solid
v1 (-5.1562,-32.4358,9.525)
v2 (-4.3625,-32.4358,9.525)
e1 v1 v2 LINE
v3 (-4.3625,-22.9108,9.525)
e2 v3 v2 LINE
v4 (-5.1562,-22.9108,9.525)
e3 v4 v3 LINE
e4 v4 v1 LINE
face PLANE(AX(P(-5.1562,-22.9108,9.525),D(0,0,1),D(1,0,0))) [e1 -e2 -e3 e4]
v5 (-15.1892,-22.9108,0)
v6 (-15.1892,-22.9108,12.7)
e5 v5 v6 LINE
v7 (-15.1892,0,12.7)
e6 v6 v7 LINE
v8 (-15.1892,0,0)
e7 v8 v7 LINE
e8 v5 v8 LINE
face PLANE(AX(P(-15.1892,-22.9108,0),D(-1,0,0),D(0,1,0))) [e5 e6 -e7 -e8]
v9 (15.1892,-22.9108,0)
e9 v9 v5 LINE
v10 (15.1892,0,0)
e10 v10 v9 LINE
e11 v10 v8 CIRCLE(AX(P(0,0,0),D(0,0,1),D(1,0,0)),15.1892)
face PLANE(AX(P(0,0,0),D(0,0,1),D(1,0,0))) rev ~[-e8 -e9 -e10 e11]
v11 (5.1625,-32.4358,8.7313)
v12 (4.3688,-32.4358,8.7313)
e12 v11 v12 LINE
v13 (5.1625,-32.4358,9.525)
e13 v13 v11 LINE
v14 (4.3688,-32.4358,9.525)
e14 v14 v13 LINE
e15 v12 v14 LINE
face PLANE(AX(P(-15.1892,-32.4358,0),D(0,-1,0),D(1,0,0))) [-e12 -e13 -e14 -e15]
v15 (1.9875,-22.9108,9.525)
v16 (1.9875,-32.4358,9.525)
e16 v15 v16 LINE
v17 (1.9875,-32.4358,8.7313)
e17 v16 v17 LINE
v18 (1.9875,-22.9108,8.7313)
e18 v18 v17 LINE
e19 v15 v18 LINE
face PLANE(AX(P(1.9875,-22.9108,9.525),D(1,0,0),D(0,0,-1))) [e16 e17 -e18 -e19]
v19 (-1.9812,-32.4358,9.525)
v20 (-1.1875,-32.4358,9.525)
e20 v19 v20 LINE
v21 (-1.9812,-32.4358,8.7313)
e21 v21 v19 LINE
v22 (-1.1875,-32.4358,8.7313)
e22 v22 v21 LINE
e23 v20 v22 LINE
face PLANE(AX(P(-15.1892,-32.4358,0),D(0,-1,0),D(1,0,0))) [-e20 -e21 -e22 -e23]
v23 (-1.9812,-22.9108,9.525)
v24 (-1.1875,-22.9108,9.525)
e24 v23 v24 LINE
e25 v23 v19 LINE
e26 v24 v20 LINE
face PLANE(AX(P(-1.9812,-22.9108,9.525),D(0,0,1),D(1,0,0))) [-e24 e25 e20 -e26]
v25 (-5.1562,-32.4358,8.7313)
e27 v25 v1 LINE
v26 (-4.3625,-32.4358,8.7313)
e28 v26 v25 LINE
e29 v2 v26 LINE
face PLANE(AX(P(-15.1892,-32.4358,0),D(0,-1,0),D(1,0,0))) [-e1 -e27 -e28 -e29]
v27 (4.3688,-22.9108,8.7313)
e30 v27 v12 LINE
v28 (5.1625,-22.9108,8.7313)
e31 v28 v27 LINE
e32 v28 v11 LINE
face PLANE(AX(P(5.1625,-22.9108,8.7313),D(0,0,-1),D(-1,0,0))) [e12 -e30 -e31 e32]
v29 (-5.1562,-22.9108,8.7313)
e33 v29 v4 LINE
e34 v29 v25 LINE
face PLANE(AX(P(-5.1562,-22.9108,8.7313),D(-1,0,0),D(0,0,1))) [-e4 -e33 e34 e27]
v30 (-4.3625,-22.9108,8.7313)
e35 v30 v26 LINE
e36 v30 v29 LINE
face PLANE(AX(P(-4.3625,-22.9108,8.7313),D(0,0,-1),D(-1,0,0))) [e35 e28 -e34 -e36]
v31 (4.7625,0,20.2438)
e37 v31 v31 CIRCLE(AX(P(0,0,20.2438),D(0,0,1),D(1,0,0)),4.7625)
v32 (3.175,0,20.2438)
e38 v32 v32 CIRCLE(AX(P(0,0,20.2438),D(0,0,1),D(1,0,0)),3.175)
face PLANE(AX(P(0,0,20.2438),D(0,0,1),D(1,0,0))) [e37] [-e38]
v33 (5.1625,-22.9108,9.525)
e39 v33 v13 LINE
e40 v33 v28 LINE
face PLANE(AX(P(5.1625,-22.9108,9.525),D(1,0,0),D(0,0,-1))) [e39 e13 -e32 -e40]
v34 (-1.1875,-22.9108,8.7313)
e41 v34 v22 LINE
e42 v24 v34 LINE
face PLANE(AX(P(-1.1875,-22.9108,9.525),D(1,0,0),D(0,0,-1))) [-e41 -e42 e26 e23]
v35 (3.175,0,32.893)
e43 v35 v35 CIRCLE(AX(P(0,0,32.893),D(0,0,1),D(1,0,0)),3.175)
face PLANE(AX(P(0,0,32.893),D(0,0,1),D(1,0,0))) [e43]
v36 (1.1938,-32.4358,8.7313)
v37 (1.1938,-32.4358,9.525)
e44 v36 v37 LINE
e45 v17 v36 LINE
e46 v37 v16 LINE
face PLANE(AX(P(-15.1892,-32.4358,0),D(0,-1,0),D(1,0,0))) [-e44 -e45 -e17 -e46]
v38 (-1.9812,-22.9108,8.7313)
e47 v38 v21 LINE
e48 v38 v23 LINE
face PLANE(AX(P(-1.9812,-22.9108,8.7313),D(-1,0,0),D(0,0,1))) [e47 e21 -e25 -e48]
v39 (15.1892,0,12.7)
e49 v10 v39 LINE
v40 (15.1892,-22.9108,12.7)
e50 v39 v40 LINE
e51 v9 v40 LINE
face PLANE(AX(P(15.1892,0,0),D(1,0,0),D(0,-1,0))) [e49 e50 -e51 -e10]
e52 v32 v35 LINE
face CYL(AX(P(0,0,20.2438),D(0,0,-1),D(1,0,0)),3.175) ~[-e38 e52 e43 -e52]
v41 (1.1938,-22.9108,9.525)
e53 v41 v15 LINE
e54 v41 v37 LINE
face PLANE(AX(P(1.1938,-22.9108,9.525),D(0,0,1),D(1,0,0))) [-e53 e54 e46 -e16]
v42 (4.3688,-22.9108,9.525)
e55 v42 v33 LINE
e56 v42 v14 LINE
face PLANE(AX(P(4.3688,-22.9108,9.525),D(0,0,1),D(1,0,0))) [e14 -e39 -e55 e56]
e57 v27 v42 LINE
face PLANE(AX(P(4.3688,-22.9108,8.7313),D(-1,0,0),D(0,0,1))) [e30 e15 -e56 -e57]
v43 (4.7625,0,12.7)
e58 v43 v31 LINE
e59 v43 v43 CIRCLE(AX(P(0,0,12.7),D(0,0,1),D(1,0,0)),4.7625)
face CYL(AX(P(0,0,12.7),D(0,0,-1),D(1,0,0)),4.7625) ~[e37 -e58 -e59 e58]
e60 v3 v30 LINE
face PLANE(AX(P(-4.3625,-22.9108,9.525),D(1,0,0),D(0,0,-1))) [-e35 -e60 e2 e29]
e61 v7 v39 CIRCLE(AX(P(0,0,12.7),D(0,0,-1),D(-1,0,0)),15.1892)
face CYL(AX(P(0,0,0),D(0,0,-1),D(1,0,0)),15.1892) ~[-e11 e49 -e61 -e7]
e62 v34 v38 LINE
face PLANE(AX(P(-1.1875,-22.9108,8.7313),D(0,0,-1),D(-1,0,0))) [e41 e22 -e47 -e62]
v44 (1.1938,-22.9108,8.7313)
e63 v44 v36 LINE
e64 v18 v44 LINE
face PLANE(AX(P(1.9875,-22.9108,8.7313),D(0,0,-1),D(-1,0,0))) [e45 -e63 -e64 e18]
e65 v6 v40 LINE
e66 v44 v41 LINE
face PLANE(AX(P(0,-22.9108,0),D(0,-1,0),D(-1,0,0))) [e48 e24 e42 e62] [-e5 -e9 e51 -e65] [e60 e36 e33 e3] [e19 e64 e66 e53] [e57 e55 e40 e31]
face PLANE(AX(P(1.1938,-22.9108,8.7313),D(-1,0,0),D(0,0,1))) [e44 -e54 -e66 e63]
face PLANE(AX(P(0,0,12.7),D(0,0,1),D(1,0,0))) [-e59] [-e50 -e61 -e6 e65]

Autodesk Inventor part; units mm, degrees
ref_plane "YZ Plane" through (0, 0, 0) normal (1, 0, 0) x (0, 1, 0)
ref_plane "XZ Plane" through (0, 0, 0) normal (0, 1, 0) x (-1, 0, 0)
ref_plane "XY Plane" through (0, 0, 0) normal (0, 0, 1) x (1, 0, 0)
sketch "Sketch1" plane through (0, 0, 0) normal (0, 0, 1) x (1, 0, 0)
  line L0 (-21.2649, 0) -> (21.2649, 0) projected
  line L1 (0, -30.5308) -> (0, 22.8092) projected
  arc A0 (15.1892, 0) -> (-15.1892, 0) centre (0, 0) ccw
  line L2 (-15.1892, 0) -> (15.1892, 0)
  line L3 (15.1892, 0) -> (15.1892, -22.9108)
  line L4 (15.1892, -22.9108) -> (-15.1892, -22.9108)
  line L5 (-15.1892, -22.9108) -> (-15.1892, 0)
  dimension "d0" = 30.3784
  dimension "d1" = 38.1
extrude "Extrusion1" add sketch "Sketch1" along normal blind 12.7
sketch "Sketch2" plane through (0, 0, 12.7) normal (0, 0, 1) x (1, 0, 0)
  arc A0 (15.1892, 0) -> (-15.1892, 0) centre (0, 0) ccw projected
  circle A1 centre (0, 0) radius 4.7625
  dimension "d4" = 9.525
extrude "Extrusion2" add sketch "Sketch2" along normal blind 7.5438
sketch "Sketch3" plane through (0, 0, 20.2438) normal (0, 0, 1) x (1, 0, 0)
  circle A0 centre (0, 0) radius 4.7625 projected
  circle A1 centre (0, 0) radius 3.175
  dimension "d7" = 6.35
extrude "Extrusion3" add sketch "Sketch3" along normal blind 12.6492 contours A1
thread "Thread1" size "3/8-16 UNC" class "2A" standard "ANSI Unified Screw Threads" full length
sketch "Sketch4" plane through (-15.1892, -22.9108, 0) normal (0, -1, 0) x (1, 0, 0)
  line L0 (30.3784, 12.7) -> (0, 12.7) projected
  line L1 (0, 0) -> (0, 12.7) projected
  line L2 (10.033, 9.525) -> (10.8267, 9.525)
  line L3 (10.8267, 9.525) -> (10.8267, 8.7313)
  line L4 (10.8267, 8.7313) -> (10.033, 8.7313)
  line L5 (10.033, 8.7313) -> (10.033, 9.525)
  line L6 (13.208, 9.525) -> (14.0017, 9.525)
  line L7 (14.0017, 9.525) -> (14.0017, 8.7313)
  line L8 (14.0017, 8.7313) -> (13.208, 8.7313)
  line L9 (13.208, 8.7313) -> (13.208, 9.525)
  line L10 (16.383, 9.525) -> (17.1767, 9.525)
  line L11 (17.1767, 9.525) -> (17.1767, 8.7313)
  line L12 (17.1767, 8.7313) -> (16.383, 8.7313)
  line L13 (16.383, 8.7313) -> (16.383, 9.525)
  line L14 (19.558, 9.525) -> (20.3517, 9.525)
  line L15 (20.3517, 9.525) -> (20.3517, 8.7313)
  line L16 (20.3517, 8.7313) -> (19.558, 8.7313)
  line L17 (19.558, 8.7313) -> (19.558, 9.525)
  point P0 (15.1892, 0)
  dimension "d12" = 0.7937
  dimension "d13" = 10.033
  dimension "d14" = 3.175
  dimension "d17" = 3.175
extrude "Pins" add sketch "Sketch4" along normal blind 9.525
properties part number "encoder"
